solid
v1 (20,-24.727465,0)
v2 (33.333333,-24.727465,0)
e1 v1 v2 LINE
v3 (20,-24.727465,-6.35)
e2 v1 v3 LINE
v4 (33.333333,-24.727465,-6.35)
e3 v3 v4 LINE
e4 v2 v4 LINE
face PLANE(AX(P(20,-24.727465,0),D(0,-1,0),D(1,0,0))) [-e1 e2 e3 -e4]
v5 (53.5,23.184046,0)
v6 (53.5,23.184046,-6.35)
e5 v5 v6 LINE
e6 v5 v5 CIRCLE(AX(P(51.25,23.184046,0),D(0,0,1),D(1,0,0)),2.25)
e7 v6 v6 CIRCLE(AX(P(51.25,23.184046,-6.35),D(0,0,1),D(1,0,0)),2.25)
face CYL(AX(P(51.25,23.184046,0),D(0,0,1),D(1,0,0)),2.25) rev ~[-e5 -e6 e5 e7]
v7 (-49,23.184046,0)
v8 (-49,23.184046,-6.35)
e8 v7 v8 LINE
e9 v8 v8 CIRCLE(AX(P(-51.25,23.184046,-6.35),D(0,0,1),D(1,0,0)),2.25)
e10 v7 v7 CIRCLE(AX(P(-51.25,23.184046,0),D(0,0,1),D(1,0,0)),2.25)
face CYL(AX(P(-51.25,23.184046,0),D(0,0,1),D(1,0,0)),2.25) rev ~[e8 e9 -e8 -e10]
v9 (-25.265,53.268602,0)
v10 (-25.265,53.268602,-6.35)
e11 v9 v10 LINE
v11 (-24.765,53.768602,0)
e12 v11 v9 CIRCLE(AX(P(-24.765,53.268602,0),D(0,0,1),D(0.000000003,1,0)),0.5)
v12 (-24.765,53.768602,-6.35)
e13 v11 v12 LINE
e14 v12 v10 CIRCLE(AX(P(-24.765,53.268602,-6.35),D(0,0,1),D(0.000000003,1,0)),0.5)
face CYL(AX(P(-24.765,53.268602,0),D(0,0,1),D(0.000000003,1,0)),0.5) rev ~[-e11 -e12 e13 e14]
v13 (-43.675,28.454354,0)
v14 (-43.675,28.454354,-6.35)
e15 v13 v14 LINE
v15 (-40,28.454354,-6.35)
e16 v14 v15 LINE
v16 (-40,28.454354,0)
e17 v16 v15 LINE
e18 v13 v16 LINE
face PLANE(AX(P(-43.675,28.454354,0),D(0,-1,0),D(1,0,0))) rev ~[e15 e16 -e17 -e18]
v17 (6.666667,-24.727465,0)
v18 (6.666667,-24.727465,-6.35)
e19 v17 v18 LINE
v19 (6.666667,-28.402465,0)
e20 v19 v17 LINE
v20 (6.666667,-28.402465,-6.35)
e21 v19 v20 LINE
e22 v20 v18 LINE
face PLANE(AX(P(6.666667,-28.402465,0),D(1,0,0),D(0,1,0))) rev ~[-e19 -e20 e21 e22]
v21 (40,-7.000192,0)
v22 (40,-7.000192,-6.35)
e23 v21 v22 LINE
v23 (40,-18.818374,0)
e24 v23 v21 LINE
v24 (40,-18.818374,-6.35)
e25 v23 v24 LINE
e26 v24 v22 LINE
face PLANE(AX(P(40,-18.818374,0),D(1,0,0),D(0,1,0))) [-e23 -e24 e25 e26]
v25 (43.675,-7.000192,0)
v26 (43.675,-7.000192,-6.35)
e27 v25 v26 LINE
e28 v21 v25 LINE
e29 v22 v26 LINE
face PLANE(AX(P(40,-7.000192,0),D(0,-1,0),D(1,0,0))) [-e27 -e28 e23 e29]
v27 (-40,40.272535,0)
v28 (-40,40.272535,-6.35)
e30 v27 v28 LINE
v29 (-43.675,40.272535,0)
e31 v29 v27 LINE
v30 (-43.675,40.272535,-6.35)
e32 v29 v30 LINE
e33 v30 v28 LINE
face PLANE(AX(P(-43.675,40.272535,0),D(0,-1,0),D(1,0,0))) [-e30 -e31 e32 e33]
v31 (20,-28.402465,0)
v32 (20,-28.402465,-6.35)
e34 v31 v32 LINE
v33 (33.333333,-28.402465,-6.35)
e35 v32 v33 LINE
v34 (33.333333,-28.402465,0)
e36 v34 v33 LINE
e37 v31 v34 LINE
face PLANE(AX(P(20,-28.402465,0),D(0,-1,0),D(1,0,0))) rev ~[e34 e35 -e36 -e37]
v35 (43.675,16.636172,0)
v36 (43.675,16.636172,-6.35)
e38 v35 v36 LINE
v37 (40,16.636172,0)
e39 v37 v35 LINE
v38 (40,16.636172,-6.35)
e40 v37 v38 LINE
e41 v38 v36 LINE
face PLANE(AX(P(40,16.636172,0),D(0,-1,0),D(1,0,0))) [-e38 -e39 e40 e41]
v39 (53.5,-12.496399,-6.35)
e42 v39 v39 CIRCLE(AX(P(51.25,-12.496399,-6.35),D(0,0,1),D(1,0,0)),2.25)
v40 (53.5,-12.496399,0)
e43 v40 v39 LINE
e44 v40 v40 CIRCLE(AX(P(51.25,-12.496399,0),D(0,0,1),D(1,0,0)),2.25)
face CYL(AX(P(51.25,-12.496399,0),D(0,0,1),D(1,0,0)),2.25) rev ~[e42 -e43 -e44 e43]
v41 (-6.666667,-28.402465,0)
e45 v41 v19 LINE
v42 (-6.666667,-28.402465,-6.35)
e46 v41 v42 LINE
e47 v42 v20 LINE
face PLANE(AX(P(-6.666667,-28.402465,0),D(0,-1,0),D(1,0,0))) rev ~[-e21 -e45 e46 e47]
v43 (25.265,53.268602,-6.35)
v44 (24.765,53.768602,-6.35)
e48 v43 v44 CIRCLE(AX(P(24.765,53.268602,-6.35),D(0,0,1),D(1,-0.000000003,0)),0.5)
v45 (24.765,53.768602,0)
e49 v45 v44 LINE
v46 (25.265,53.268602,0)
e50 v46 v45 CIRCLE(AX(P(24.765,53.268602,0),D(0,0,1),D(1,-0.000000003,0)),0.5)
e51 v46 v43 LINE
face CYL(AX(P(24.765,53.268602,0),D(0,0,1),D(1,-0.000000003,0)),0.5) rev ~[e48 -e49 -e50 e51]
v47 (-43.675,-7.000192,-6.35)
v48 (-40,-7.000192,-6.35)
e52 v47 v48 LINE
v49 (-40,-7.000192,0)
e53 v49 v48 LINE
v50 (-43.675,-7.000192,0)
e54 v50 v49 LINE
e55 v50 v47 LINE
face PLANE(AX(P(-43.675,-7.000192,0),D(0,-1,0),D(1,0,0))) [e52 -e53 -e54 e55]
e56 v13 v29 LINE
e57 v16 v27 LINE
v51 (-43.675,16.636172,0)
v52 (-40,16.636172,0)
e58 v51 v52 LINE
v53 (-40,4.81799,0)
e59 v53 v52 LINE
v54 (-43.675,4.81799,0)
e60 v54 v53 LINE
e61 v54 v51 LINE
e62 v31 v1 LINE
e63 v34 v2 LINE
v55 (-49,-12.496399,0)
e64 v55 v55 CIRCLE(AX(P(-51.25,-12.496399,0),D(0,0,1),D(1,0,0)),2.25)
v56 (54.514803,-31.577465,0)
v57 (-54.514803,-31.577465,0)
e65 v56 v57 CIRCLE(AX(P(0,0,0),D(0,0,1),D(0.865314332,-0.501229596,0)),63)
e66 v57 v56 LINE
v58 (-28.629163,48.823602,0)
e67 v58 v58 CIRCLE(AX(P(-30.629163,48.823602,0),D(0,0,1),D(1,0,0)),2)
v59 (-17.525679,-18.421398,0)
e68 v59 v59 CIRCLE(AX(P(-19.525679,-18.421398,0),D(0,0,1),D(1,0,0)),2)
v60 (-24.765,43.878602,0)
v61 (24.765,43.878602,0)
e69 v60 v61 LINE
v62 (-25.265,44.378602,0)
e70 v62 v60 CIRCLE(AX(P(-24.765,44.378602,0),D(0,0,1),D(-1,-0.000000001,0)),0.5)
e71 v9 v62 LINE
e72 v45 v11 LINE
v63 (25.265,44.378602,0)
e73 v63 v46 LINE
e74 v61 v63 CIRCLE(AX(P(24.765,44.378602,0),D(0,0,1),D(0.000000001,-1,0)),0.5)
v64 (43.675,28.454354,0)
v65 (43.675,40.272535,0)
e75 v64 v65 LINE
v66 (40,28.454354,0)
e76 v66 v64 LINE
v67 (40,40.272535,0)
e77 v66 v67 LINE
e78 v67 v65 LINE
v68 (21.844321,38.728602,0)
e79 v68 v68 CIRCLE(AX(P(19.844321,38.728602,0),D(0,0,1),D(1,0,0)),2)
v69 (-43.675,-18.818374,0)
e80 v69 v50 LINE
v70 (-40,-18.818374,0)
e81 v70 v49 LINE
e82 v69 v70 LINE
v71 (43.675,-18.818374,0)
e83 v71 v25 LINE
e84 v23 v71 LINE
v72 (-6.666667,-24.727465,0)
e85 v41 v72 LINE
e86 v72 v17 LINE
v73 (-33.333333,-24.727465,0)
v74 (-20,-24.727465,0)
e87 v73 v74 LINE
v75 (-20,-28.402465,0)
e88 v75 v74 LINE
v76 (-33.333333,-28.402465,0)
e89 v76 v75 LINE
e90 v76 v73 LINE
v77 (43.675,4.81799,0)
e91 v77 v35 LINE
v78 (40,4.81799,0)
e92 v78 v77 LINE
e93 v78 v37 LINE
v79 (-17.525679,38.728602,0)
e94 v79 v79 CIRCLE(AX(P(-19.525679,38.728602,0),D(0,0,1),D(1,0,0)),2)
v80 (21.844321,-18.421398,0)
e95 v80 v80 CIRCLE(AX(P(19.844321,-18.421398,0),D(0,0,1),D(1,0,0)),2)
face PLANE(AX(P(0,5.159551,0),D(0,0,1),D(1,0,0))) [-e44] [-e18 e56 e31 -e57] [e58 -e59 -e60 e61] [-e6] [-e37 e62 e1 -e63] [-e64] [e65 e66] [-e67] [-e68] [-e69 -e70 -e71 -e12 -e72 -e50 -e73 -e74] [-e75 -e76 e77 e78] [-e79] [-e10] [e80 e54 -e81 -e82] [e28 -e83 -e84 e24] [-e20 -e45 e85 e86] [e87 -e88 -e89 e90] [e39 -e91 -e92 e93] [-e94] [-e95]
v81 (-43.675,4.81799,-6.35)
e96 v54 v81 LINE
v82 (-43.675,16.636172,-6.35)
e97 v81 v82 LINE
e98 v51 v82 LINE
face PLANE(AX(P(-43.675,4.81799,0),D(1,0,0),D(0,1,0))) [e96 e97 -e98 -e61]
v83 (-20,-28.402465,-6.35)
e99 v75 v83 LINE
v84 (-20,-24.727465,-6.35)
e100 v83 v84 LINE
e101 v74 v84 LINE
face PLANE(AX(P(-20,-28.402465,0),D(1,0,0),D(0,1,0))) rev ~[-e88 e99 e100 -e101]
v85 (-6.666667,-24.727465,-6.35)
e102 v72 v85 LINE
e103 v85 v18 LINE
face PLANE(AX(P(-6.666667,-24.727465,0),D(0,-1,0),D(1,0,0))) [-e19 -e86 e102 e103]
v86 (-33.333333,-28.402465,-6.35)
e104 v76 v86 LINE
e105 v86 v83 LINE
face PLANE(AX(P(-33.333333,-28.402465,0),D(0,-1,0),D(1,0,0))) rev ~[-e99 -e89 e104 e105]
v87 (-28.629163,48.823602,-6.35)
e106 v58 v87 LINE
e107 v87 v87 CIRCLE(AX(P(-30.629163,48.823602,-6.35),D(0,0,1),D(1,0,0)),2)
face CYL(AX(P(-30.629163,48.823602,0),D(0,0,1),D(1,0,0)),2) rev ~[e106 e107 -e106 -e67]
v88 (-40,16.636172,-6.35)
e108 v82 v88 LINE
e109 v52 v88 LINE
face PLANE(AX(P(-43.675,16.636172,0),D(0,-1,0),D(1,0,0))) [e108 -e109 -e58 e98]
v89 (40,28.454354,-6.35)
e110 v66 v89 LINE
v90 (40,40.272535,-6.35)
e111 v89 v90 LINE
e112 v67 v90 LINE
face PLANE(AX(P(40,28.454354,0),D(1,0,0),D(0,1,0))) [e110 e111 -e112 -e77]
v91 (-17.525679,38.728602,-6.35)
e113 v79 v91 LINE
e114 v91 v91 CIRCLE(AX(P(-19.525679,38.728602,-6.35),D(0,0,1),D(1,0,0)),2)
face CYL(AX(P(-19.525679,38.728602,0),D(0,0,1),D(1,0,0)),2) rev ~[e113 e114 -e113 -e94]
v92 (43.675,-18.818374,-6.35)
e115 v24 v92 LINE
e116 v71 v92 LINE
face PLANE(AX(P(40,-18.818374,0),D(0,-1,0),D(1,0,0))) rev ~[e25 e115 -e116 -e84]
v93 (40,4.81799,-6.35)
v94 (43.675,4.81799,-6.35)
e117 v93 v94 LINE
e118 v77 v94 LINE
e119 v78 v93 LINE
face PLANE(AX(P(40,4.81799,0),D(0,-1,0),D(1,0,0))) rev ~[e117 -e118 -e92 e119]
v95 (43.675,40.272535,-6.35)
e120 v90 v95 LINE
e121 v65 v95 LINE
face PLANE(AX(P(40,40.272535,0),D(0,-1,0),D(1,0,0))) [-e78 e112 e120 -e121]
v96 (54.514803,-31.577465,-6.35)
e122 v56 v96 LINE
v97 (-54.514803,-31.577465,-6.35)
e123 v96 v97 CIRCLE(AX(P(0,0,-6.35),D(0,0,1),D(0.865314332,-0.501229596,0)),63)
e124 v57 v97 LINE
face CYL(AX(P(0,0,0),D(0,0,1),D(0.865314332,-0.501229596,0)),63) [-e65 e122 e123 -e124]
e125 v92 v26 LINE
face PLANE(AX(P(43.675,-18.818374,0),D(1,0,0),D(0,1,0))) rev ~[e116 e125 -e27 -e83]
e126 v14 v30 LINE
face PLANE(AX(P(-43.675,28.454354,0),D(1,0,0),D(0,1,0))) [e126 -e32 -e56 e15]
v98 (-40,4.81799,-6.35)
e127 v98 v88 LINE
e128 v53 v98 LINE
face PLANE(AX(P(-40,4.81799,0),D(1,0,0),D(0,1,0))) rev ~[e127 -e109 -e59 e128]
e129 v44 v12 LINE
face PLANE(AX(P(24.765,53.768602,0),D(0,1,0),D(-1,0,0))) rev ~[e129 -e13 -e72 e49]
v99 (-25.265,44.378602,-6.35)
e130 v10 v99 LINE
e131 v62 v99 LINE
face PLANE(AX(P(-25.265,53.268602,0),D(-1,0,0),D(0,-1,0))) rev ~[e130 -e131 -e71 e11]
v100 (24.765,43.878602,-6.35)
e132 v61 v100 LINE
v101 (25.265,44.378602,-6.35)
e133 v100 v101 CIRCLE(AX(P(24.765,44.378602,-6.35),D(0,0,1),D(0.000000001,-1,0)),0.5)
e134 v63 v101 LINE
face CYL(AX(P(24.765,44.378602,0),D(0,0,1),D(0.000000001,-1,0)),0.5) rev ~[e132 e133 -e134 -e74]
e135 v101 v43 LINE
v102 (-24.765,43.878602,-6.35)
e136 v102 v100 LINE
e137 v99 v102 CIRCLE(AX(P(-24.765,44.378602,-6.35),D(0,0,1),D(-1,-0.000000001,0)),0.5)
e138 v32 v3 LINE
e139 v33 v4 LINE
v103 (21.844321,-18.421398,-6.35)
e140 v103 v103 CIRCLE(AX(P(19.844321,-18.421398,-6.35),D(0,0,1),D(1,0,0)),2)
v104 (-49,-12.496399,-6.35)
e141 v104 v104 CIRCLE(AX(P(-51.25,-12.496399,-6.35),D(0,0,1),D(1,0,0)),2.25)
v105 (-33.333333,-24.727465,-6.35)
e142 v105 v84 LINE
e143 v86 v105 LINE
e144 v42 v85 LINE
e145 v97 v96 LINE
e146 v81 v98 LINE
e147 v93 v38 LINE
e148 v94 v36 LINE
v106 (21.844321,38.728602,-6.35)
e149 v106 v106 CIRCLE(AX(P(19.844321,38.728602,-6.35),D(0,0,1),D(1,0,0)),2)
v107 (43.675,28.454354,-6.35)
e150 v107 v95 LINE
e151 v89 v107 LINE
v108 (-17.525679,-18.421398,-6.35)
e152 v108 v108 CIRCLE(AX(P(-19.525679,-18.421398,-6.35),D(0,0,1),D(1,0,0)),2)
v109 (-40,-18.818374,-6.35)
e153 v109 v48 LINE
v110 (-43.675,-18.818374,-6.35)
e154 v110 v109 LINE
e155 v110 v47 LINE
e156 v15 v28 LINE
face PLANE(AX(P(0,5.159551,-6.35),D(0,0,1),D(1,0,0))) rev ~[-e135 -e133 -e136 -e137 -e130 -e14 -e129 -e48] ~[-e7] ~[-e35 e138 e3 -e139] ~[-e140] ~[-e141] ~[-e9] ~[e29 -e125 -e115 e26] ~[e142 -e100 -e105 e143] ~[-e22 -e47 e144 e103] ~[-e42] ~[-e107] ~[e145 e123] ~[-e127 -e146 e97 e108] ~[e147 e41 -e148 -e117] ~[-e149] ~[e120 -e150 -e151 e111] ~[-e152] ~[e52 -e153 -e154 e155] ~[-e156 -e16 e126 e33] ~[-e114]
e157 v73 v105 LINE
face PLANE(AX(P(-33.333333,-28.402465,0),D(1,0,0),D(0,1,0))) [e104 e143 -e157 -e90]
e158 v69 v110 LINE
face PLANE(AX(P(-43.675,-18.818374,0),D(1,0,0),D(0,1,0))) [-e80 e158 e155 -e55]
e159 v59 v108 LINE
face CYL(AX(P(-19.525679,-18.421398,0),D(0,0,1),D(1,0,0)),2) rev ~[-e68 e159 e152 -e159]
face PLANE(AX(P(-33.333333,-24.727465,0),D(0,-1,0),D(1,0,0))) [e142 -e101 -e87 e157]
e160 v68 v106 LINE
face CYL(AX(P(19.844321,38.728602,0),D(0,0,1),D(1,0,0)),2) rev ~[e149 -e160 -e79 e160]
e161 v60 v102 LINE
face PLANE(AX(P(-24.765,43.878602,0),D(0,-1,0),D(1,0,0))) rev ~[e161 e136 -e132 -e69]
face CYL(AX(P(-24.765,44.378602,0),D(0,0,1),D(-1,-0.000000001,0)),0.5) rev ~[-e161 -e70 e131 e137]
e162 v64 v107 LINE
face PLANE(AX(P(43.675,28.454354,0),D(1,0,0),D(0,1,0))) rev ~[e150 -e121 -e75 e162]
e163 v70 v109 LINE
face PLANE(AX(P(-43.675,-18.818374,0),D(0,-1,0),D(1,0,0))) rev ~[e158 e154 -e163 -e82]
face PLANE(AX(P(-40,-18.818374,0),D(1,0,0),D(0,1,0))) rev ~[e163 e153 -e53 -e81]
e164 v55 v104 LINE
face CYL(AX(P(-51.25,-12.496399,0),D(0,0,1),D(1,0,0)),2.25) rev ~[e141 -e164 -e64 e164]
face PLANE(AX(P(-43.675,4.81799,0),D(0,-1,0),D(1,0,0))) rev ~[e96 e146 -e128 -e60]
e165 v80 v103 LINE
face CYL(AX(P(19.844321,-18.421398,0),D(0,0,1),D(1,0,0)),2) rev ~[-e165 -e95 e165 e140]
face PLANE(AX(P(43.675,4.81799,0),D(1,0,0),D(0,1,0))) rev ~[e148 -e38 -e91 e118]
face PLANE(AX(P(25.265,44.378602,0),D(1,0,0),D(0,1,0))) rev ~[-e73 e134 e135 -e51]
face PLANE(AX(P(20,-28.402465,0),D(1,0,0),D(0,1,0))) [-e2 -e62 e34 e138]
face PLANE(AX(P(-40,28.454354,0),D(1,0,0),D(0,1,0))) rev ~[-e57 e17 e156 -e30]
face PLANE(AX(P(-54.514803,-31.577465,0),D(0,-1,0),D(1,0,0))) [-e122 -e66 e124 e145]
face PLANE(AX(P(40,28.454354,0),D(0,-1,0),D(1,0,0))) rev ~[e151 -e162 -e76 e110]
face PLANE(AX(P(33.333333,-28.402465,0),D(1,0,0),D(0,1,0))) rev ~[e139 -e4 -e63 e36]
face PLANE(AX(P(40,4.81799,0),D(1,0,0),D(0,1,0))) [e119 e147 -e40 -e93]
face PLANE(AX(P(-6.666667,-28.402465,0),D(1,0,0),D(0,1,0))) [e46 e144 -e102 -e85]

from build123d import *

# Parameters (mm, degrees)
SKETCH1_R           = 2.25
SKETCH1_R_2         = 2
SKETCH1_W           = 13.333333333
SKETCH1_H           = 3.675
SKETCH1_W_2         = 13.333333334
SKETCH1_W_3         = 3.675
SKETCH1_H_2         = 11.818181818
BOSS_EXTRUDE1_DEPTH = 6.35


with BuildPart() as part:
    # Sketch1 → Boss-Extrude1 (new body)
    with BuildSketch(Plane.XY):
        with BuildLine():
            Line((-54.514802885, -31.577464534), (54.514802885, -31.577464534))
            ThreePointArc((54.514802885, -31.577464534), (0, 63), (-54.514802885, -31.577464534))
        make_face()
        with Locations((-51.25, 23.184046239)):
            Circle(SKETCH1_R, mode=Mode.SUBTRACT)
        with Locations((-51.25, -12.496398734)):
            Circle(SKETCH1_R, mode=Mode.SUBTRACT)
        with Locations((-30.629163068, 48.823601552)):
            Circle(SKETCH1_R_2, mode=Mode.SUBTRACT)
        with Locations((51.25, 23.184046239)):
            Circle(SKETCH1_R, mode=Mode.SUBTRACT)
        with Locations((51.25, -12.496398734)):
            Circle(SKETCH1_R, mode=Mode.SUBTRACT)
        with Locations((-19.525679125, 38.728601552)):
            Circle(SKETCH1_R_2, mode=Mode.SUBTRACT)
        with Locations((-19.525679125, -18.421398448)):
            Circle(SKETCH1_R_2, mode=Mode.SUBTRACT)
        with Locations((19.844320875, -18.421398448)):
            Circle(SKETCH1_R_2, mode=Mode.SUBTRACT)
        with Locations((19.844320875, 38.728601552)):
            Circle(SKETCH1_R_2, mode=Mode.SUBTRACT)
        with Locations((26.666666666, -26.564964534)):
            Rectangle(SKETCH1_W, SKETCH1_H, mode=Mode.SUBTRACT)
        with Locations((0, -26.564964534)):
            Rectangle(SKETCH1_W_2, SKETCH1_H, mode=Mode.SUBTRACT)
        with Locations((-26.666666666, -26.564964534)):
            Rectangle(SKETCH1_W, SKETCH1_H, mode=Mode.SUBTRACT)
        with Locations((-41.8375, -12.909282716)):
            Rectangle(SKETCH1_W_3, SKETCH1_H_2, mode=Mode.SUBTRACT)
        with Locations((-41.8375, 10.727080921)):
            Rectangle(SKETCH1_W_3, SKETCH1_H_2, mode=Mode.SUBTRACT)
        with Locations((-41.8375, 34.363444557)):
            Rectangle(SKETCH1_W_3, SKETCH1_H_2, mode=Mode.SUBTRACT)
        with Locations((41.8375, -12.909282716)):
            Rectangle(SKETCH1_W_3, SKETCH1_H_2, mode=Mode.SUBTRACT)
        with Locations((41.8375, 10.727080921)):
            Rectangle(SKETCH1_W_3, SKETCH1_H_2, mode=Mode.SUBTRACT)
        with Locations((41.8375, 34.363444557)):
            Rectangle(SKETCH1_W_3, SKETCH1_H_2, mode=Mode.SUBTRACT)
        with BuildLine():
            Line((25.265, 44.378601552), (25.265, 53.268601552))
            ThreePointArc((25.265, 53.268601552), (25.118553391, 53.622154943), (24.765, 53.768601552))
            Line((24.765, 53.768601552), (-24.765, 53.768601552))
            ThreePointArc((-24.765, 53.768601552), (-25.118553391, 53.622154943), (-25.265, 53.268601552))
            Line((-25.265, 53.268601552), (-25.265, 44.378601552))
            ThreePointArc((-25.265, 44.378601552), (-25.118553391, 44.025048162), (-24.765, 43.878601552))
            Line((-24.765, 43.878601552), (24.765, 43.878601552))
            ThreePointArc((24.765, 43.878601552), (25.118553391, 44.025048162), (25.265, 44.378601552))
        make_face(mode=Mode.SUBTRACT)
    extrude(amount=-BOSS_EXTRUDE1_DEPTH)


solid = part.part
